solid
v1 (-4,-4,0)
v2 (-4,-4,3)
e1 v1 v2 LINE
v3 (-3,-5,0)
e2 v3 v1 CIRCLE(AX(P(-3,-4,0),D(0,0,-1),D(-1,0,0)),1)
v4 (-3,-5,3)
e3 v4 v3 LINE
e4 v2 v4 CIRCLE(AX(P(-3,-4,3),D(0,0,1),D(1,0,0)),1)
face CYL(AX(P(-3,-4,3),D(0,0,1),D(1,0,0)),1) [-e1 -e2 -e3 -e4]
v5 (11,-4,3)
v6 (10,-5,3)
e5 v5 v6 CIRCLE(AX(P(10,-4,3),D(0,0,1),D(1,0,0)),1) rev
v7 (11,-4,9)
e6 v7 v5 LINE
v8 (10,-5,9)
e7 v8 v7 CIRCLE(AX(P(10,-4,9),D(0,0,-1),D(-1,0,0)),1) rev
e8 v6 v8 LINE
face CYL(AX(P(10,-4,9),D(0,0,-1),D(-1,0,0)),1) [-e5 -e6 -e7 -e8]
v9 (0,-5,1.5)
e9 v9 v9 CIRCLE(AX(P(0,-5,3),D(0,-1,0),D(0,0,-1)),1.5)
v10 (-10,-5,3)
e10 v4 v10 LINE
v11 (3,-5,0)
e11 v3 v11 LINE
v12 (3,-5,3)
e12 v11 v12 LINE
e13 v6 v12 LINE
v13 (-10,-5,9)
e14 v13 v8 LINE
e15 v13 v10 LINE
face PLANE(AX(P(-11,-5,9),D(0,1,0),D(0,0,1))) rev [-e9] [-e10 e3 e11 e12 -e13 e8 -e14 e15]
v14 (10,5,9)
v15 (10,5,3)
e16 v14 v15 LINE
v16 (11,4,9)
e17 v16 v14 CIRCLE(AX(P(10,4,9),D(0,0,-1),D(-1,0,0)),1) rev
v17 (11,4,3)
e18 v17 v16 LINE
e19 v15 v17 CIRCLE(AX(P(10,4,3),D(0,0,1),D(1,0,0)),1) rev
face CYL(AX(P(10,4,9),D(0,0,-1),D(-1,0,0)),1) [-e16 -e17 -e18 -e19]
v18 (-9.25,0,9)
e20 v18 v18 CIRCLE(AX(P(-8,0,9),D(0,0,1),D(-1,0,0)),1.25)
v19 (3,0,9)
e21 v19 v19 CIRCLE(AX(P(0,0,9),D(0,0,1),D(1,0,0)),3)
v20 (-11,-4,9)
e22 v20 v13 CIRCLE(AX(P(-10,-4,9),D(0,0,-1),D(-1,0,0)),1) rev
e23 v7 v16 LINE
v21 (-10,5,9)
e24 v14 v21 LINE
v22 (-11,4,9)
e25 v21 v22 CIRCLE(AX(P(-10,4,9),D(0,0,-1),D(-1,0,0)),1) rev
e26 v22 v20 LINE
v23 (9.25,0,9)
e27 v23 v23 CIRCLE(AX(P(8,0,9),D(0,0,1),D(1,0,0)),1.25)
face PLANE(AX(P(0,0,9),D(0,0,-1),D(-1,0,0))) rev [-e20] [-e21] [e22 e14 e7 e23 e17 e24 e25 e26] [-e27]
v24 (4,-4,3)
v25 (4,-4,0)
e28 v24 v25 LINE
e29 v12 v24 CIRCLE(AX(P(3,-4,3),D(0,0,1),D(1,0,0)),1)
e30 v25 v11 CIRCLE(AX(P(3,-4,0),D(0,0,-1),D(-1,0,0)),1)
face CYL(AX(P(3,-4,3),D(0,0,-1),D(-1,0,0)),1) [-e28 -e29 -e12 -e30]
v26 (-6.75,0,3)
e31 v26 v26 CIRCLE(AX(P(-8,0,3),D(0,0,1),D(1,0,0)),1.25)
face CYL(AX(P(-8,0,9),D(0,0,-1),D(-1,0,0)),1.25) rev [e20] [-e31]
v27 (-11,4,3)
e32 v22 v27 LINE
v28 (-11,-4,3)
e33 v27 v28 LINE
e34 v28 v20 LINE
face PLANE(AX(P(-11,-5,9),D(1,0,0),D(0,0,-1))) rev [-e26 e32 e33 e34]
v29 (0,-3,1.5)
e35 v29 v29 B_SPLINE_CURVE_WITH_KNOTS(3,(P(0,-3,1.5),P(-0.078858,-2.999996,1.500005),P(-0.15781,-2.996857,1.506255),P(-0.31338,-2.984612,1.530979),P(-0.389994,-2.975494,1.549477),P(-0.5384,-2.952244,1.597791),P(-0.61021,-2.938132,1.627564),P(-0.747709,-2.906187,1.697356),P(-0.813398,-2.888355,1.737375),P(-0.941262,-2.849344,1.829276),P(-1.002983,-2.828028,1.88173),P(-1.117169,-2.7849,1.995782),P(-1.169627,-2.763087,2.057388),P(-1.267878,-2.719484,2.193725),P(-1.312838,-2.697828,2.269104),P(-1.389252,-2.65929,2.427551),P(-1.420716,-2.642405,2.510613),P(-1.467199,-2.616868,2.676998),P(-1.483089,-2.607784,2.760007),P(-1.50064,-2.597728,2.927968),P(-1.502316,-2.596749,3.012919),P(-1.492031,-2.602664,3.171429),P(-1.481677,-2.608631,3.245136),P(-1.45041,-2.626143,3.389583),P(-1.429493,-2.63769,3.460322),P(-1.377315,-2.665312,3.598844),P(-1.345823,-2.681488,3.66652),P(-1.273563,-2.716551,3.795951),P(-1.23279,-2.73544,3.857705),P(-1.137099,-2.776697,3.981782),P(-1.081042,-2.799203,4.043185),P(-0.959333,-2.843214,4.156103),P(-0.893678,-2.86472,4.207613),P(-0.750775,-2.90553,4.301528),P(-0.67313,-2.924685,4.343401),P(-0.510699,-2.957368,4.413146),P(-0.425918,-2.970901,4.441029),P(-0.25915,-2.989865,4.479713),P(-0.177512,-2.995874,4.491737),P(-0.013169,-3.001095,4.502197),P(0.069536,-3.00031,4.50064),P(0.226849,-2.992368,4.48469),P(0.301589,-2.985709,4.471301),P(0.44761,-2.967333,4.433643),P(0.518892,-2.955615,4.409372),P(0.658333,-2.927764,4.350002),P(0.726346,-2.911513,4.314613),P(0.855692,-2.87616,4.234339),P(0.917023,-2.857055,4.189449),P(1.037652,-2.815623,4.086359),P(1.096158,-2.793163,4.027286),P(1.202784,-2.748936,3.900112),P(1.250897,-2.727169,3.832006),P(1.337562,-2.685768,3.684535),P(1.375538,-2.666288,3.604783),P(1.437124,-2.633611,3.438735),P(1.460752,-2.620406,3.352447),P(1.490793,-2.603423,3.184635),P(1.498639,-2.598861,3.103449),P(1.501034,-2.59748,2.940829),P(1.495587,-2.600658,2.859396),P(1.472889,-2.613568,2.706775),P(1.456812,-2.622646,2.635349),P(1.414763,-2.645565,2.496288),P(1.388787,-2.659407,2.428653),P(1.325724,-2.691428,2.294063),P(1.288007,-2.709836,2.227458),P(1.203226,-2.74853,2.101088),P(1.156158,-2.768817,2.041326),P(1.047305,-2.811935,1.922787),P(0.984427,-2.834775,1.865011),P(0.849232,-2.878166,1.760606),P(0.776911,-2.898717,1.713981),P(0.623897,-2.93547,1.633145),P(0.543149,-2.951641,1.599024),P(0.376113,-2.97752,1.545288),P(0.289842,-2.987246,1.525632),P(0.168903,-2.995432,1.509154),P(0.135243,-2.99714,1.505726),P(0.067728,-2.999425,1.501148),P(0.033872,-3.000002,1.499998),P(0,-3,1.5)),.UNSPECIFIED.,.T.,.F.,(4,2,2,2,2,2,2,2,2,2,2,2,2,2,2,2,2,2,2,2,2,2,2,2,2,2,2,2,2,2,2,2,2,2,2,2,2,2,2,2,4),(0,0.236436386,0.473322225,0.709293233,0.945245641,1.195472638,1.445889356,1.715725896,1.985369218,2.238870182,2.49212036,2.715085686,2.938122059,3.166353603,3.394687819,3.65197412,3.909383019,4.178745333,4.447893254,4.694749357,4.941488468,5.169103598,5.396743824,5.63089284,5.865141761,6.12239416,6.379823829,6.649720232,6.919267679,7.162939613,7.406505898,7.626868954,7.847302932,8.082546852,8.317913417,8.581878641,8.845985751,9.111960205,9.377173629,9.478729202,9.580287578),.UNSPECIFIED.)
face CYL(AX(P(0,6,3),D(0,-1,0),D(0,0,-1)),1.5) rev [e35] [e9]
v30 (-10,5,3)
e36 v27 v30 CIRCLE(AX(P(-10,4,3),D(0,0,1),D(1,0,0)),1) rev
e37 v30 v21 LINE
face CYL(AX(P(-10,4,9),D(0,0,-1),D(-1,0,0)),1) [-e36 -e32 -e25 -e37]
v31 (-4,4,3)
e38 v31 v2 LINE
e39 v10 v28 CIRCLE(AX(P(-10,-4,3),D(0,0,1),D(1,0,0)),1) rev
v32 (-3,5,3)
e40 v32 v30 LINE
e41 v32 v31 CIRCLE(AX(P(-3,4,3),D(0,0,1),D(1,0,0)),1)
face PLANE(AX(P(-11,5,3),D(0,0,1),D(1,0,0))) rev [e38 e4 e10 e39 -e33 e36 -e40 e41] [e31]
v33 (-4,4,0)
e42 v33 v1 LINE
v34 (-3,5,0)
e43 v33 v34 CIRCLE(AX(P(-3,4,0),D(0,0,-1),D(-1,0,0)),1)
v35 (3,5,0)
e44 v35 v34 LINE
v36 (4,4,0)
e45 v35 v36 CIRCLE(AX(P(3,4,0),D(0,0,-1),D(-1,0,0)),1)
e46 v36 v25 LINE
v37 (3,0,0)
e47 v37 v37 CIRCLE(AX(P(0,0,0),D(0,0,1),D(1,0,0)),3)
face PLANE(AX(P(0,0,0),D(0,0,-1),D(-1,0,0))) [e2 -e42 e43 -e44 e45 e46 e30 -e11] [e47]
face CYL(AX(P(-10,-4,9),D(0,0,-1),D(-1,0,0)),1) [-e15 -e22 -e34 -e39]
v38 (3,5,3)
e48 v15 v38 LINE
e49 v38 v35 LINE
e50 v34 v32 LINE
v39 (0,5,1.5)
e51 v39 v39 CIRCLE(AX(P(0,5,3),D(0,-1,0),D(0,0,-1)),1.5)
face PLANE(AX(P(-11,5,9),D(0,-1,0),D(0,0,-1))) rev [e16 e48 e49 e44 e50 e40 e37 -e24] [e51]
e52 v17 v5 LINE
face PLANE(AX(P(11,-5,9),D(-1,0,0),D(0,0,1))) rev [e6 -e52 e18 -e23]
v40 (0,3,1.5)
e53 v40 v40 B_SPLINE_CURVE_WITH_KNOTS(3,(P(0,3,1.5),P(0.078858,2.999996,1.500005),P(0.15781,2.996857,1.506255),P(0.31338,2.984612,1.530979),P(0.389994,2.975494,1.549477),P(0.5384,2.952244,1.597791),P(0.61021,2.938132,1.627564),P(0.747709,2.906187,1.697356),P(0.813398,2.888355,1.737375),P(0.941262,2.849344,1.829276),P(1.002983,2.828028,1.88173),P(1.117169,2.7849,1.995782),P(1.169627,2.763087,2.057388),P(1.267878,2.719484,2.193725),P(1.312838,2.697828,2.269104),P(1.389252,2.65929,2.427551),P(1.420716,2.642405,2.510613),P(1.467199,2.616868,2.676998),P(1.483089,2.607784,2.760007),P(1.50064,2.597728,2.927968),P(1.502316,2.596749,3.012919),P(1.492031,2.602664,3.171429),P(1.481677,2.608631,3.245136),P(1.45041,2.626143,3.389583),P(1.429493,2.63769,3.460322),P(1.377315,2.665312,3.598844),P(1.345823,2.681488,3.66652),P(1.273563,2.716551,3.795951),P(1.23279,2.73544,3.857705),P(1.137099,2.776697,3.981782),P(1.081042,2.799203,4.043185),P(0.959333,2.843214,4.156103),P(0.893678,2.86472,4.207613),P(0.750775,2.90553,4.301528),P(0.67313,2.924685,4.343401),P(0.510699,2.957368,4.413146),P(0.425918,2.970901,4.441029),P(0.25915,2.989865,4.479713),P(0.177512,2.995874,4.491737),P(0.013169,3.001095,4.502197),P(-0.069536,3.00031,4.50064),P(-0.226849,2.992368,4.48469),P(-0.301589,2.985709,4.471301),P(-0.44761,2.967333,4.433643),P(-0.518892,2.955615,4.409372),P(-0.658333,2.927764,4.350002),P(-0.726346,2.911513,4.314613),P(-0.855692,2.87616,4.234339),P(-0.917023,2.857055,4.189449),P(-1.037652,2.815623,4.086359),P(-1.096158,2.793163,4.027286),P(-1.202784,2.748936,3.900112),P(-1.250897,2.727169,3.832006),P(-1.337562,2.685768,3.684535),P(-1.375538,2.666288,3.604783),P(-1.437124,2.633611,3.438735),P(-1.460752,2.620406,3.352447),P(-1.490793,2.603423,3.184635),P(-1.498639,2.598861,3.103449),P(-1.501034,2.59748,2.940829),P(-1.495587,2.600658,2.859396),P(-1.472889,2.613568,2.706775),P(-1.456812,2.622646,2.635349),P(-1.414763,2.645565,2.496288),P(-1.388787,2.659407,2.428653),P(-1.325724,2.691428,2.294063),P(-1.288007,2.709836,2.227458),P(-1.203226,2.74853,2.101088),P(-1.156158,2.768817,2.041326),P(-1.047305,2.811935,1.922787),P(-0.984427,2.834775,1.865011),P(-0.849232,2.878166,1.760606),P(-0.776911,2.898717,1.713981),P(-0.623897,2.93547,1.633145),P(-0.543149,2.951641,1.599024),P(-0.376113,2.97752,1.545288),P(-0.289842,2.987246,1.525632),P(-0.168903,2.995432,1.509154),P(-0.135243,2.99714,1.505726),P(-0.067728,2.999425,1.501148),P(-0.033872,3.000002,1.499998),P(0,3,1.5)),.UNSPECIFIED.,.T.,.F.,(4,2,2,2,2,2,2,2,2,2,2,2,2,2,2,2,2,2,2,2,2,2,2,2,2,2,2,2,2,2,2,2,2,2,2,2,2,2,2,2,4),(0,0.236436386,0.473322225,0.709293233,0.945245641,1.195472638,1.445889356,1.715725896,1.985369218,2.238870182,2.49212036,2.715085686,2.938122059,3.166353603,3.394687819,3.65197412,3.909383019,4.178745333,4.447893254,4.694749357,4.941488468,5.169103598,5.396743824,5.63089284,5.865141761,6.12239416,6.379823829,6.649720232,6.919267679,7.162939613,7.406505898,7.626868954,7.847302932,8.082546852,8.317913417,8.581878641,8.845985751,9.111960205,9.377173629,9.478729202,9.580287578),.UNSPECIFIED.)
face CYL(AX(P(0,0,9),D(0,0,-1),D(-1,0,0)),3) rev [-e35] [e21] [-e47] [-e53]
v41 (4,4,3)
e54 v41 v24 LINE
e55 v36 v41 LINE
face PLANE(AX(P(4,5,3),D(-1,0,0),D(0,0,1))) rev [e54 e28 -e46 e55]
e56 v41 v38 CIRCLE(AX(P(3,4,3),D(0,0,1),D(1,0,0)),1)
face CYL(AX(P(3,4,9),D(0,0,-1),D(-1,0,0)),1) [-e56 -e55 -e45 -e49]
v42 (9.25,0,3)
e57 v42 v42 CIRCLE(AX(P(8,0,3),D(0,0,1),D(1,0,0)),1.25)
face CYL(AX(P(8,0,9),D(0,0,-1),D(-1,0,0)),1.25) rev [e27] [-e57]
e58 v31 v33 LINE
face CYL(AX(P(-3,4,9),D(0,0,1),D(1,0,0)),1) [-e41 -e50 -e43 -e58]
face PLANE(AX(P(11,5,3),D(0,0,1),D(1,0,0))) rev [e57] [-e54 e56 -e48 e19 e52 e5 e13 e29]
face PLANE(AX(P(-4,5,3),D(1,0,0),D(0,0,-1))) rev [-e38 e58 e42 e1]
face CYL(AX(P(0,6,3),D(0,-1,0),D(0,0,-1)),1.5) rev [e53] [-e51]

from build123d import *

# Parameters (mm, degrees)
SKETCH_1_W          = 22
SKETCH_1_H          = 10
SKETCH_1_R          = 1.25
SKETCH_1_R_2        = 3
EXTRUDE_1_DEPTH     = 9
SKETCH_2_R          = 1.5
CUT_EXTRUDE_1_DEPTH = 11
SKETCH_4_W          = 7
SKETCH_4_H          = 3
CUT_EXTRUDE_2_DEPTH = 10
FILLET_1_R          = 1


with BuildPart() as part:
    # 草图1 → 凸台-拉伸1 (new body)
    with BuildSketch(Plane.XY):
        Rectangle(SKETCH_1_W, SKETCH_1_H)
        with Locations((8, 0)):
            Circle(SKETCH_1_R, mode=Mode.SUBTRACT)
        with Locations(Location((-8, 0, 0), (0, 0, 180))):
            Circle(SKETCH_1_R, mode=Mode.SUBTRACT)
        Circle(SKETCH_1_R_2, mode=Mode.SUBTRACT)
    extrude(amount=EXTRUDE_1_DEPTH)

    # 草图2 → 切除-拉伸1 (cut)
    with BuildSketch(Plane.XZ.offset(5)):
        with Locations(Location((0, 3, 0), (0, 0, 270))):
            Circle(SKETCH_2_R)
    extrude(amount=-CUT_EXTRUDE_1_DEPTH, mode=Mode.SUBTRACT)

    # 草图4 → 切除-拉伸2 (cut)
    with BuildSketch(Plane.XZ.offset(5)):
        with Locations((-7.5, 1.5)):
            Rectangle(SKETCH_4_W, SKETCH_4_H)
        with Locations((7.5, 1.5)):
            Rectangle(SKETCH_4_W, SKETCH_4_H)
    extrude(amount=-CUT_EXTRUDE_2_DEPTH, mode=Mode.SUBTRACT)

    # 圆角1
    fillet_1_edges = [part.edges().sort_by_distance(p)[0] for p in [
        (-4, 5, 1.5),
        (-4, -5, 1.5),
        (4, 5, 1.5),
        (4, -5, 1.5),
        (11, -5, 6),
        (-11, -5, 6),
        (-11, 5, 6),
        (11, 5, 6),
    ]]
    fillet(fillet_1_edges, radius=FILLET_1_R)


solid = part.part
